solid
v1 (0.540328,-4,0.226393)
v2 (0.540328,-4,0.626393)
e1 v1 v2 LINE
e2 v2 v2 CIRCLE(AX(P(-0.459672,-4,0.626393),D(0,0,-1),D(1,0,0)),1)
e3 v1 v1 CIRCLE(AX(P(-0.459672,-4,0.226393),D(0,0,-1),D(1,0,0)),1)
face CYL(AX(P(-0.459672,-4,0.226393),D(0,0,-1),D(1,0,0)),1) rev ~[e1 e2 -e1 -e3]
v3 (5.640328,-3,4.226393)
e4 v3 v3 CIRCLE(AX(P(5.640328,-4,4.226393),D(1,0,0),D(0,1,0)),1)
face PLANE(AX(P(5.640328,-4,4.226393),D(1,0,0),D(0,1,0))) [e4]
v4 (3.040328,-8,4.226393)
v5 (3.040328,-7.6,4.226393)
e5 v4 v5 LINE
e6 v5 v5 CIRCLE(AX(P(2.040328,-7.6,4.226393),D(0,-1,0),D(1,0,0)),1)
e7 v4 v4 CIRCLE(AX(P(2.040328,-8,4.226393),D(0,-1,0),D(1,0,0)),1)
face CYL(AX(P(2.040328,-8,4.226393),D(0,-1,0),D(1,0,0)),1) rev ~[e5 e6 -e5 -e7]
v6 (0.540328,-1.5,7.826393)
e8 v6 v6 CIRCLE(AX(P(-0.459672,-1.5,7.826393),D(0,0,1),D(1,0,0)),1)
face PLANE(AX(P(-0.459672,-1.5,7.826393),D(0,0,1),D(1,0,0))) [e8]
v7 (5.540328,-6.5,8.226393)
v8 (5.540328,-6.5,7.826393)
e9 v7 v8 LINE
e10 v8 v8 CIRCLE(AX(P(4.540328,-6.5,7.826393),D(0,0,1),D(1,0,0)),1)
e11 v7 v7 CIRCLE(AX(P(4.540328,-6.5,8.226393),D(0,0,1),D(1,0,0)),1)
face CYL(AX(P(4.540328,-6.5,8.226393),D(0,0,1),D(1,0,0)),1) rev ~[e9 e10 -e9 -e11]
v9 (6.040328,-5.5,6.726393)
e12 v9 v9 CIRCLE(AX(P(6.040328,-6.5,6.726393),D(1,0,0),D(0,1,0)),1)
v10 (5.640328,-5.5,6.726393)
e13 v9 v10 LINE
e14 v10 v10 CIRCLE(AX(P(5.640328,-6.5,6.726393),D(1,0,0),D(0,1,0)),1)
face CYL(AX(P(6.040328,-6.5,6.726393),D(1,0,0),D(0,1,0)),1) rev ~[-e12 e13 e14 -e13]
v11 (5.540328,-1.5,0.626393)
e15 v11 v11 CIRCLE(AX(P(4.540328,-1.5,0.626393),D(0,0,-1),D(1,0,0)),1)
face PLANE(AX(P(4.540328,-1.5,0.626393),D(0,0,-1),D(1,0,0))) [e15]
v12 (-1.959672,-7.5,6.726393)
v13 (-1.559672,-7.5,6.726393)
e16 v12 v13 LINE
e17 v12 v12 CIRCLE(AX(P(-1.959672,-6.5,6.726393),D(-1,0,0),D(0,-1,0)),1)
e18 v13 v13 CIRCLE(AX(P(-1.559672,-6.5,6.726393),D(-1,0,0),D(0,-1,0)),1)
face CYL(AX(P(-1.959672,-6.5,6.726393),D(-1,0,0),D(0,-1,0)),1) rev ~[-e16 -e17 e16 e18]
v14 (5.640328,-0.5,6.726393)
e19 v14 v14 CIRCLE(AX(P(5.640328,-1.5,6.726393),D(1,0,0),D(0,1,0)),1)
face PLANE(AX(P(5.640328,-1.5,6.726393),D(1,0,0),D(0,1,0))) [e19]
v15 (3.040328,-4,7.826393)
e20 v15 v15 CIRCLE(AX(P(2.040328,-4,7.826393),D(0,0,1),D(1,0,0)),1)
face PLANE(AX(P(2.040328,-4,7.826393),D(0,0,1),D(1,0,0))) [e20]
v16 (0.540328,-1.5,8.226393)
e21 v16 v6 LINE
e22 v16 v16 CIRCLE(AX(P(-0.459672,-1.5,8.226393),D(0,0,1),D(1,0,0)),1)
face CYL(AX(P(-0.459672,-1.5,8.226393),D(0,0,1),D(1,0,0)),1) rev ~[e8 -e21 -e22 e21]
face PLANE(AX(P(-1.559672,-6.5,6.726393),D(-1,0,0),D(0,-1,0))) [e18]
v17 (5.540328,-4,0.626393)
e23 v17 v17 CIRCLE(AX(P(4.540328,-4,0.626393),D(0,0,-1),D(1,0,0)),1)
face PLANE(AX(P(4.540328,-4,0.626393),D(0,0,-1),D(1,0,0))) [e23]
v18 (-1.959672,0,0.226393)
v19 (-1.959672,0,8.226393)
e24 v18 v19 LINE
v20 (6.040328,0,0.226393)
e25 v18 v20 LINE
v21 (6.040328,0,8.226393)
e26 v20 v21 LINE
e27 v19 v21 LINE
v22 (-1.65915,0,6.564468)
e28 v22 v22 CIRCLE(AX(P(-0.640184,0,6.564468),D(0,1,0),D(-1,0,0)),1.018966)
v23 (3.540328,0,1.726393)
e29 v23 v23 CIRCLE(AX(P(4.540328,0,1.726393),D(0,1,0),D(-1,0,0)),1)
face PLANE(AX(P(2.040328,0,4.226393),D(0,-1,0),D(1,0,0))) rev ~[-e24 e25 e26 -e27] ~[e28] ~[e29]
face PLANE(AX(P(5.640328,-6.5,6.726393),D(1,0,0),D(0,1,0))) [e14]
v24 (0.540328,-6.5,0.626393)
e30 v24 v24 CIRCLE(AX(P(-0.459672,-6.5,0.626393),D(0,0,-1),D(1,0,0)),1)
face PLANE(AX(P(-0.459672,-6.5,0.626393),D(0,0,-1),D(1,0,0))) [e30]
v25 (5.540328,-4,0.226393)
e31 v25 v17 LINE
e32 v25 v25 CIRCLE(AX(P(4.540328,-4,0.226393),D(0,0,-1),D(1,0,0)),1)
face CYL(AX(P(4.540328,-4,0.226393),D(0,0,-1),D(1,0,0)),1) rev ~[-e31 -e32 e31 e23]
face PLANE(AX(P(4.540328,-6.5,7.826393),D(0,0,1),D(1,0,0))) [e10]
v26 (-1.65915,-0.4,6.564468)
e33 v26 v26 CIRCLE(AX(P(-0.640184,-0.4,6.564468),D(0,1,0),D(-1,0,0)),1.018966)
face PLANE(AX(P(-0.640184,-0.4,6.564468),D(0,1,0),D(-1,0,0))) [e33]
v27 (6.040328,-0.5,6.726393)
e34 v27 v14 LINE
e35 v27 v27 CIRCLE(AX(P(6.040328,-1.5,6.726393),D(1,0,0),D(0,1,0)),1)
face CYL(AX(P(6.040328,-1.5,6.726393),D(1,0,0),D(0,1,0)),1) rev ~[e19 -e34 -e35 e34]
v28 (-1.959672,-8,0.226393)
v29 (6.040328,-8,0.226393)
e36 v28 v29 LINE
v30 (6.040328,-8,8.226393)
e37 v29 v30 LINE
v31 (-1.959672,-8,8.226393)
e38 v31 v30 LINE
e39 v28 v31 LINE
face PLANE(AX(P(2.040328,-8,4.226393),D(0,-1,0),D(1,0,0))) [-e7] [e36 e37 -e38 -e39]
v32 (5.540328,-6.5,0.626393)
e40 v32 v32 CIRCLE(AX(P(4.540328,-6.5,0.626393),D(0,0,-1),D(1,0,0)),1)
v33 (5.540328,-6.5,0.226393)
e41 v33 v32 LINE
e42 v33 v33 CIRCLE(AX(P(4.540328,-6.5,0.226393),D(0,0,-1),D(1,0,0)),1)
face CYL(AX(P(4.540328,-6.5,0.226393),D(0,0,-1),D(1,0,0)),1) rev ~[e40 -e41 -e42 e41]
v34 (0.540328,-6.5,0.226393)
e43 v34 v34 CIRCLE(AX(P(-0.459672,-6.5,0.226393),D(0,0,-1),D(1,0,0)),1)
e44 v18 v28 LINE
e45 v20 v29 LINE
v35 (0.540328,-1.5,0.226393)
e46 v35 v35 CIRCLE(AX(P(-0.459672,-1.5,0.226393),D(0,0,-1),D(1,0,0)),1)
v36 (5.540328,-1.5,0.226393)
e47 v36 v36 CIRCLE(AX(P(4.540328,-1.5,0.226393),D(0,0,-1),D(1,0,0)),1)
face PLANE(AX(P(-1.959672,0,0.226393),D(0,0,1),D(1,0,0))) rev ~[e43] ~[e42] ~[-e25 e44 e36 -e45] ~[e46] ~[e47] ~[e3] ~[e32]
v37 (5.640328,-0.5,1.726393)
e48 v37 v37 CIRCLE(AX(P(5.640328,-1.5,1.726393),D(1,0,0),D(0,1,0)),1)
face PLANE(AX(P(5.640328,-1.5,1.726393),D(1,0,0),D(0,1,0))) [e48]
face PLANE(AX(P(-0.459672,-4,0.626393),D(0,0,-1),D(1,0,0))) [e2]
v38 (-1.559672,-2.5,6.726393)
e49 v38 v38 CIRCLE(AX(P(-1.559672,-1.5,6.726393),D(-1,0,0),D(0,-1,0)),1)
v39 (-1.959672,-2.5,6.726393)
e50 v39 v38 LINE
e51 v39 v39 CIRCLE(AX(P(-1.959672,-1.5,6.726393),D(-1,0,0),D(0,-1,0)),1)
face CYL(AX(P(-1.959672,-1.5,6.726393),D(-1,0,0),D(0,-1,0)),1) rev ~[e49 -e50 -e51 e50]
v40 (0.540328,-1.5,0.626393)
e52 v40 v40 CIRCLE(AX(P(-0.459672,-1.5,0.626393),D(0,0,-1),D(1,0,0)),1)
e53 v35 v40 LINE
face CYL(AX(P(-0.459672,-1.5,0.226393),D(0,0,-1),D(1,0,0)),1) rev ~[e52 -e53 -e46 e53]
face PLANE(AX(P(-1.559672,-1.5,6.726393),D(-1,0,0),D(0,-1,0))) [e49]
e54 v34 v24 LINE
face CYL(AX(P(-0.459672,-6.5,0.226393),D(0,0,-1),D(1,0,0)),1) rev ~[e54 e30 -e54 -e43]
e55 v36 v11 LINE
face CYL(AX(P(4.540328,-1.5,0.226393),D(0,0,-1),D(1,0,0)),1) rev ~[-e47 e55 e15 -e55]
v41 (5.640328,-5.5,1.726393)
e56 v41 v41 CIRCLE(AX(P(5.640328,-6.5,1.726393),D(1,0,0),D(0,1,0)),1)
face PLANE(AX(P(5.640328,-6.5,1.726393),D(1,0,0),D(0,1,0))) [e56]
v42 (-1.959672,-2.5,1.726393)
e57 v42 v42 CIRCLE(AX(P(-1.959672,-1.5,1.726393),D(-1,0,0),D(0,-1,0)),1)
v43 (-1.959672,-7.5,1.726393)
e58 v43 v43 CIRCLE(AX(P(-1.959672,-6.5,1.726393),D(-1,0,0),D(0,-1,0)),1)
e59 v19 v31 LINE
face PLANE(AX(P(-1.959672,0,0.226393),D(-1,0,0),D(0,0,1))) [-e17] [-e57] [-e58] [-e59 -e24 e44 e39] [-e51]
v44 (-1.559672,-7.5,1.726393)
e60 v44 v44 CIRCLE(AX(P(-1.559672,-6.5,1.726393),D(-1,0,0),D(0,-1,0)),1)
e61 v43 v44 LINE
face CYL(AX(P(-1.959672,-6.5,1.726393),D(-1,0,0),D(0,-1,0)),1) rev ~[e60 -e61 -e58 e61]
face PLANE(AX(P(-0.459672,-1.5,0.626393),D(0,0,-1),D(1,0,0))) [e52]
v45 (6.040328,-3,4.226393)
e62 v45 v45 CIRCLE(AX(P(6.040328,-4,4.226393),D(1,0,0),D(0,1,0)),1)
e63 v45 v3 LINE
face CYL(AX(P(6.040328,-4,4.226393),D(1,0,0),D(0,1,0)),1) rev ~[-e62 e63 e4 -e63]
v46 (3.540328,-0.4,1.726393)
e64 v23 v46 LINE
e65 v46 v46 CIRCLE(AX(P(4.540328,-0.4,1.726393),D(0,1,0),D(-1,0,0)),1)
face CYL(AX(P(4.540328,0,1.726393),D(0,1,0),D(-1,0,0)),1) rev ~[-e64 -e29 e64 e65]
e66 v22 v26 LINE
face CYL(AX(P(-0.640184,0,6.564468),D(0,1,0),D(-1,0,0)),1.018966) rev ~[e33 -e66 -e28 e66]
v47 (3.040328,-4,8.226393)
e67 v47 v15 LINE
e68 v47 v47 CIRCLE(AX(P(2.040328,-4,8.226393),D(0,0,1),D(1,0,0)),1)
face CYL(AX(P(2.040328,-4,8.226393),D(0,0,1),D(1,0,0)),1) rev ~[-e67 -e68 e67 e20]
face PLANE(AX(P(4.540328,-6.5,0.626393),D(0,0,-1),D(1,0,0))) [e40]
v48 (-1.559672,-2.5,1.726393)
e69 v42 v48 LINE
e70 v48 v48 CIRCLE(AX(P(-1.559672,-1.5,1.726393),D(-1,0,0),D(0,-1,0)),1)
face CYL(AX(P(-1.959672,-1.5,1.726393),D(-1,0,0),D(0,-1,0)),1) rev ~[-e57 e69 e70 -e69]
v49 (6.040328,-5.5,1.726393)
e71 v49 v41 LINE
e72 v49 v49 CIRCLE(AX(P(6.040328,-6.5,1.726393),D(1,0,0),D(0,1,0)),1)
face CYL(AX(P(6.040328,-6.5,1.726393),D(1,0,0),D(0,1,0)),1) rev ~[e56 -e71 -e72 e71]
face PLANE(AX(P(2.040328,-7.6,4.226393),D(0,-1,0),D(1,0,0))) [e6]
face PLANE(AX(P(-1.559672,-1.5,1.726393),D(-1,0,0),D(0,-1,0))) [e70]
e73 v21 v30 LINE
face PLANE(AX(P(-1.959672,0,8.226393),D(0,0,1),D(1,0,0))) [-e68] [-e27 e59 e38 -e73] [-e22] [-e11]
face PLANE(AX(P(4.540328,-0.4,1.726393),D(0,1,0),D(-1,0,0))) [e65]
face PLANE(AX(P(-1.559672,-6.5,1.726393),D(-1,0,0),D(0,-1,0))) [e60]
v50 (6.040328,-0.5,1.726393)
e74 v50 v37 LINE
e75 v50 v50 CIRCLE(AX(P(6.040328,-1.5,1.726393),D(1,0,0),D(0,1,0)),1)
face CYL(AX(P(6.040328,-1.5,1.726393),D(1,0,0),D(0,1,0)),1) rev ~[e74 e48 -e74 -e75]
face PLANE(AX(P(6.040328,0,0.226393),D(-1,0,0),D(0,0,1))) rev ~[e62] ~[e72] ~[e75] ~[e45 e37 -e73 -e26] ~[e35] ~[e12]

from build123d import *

# Parameters (mm, degrees)
F0_W      = 8
F0_H      = 8
F1_DEPTH  = 8
F2_R      = 1
F3_DEPTH  = 0.4
F4_R      = 1
F4_R_2    = 1.018966
F5_DEPTH  = 0.4
F6_R      = 1
F7_DEPTH  = 0.4
F8_R      = 1
F9_DEPTH  = 0.4
F10_R     = 1
F11_DEPTH = 0.4
F12_R     = 1
F13_DEPTH = 0.4


with BuildPart() as f1:
    # F0 (on Front) → F1 (new body)
    with BuildSketch(Plane.XZ):
        with Locations((2.040328, 4.226393)):
            Rectangle(F0_W, F0_H)
    extrude(amount=F1_DEPTH)

    # F2 (on face) → F3 (cut)
    with BuildSketch(Plane.XZ.offset(8)):
        with Locations((2.040328, 4.226393)):
            Circle(F2_R)
    extrude(amount=-F3_DEPTH, mode=Mode.SUBTRACT)

    # F4 (on face) → F5 (cut)
    with BuildSketch(Plane(origin=(0, 0, 0), x_dir=(-1, 0, 0), z_dir=(0, 1, 0))):
        with Locations((-4.540328, 1.726393)):
            Circle(F4_R)
        with Locations((0.640184, 6.564468)):
            Circle(F4_R_2)
    extrude(amount=-F5_DEPTH, mode=Mode.SUBTRACT)

    # F6 (on face) → F7 (cut)
    with BuildSketch(Plane(origin=(-1.959672, 0, 0), x_dir=(0, -1, 0), z_dir=(-1, 0, 0))):
        with Locations((6.5, 6.726393)):
            Circle(F6_R)
        with Locations((1.5, 6.726393)):
            Circle(F6_R)
        with Locations((1.5, 1.726393)):
            Circle(F6_R)
        with Locations((6.5, 1.726393)):
            Circle(F6_R)
    extrude(amount=-F7_DEPTH, mode=Mode.SUBTRACT)

    # F8 (on face) → F9 (cut)
    with BuildSketch(Plane.YZ.offset(6.040328)):
        with Locations((-4, 4.226393)):
            Circle(F8_R)
        with Locations((-6.5, 6.726393)):
            Circle(F8_R)
        with Locations((-1.5, 6.726393)):
            Circle(F8_R)
        with Locations((-1.5, 1.726393)):
            Circle(F8_R)
        with Locations((-6.5, 1.726393)):
            Circle(F8_R)
    extrude(amount=-F9_DEPTH, mode=Mode.SUBTRACT)

    # F10 (on face) → F11 (cut)
    with BuildSketch(Plane.XY.offset(8.226393)):
        with Locations((-0.459672, -1.5)):
            Circle(F10_R)
        with Locations((2.040328, -4)):
            Circle(F10_R)
        with Locations((4.540328, -6.5)):
            Circle(F10_R)
    extrude(amount=-F11_DEPTH, mode=Mode.SUBTRACT)

    # F12 (on face) → F13 (cut)
    with BuildSketch(Plane(origin=(0, 0, 0.226393), x_dir=(1, 0, 0), z_dir=(0, 0, -1))):
        with Locations((-0.459672, 6.5)):
            Circle(F12_R)
        with Locations((-0.459672, 4)):
            Circle(F12_R)
        with Locations((-0.459672, 1.5)):
            Circle(F12_R)
        with Locations((4.540328, 1.5)):
            Circle(F12_R)
        with Locations((4.540328, 4)):
            Circle(F12_R)
        with Locations((4.540328, 6.5)):
            Circle(F12_R)
    extrude(amount=-F13_DEPTH, mode=Mode.SUBTRACT)


solid = f1.part
